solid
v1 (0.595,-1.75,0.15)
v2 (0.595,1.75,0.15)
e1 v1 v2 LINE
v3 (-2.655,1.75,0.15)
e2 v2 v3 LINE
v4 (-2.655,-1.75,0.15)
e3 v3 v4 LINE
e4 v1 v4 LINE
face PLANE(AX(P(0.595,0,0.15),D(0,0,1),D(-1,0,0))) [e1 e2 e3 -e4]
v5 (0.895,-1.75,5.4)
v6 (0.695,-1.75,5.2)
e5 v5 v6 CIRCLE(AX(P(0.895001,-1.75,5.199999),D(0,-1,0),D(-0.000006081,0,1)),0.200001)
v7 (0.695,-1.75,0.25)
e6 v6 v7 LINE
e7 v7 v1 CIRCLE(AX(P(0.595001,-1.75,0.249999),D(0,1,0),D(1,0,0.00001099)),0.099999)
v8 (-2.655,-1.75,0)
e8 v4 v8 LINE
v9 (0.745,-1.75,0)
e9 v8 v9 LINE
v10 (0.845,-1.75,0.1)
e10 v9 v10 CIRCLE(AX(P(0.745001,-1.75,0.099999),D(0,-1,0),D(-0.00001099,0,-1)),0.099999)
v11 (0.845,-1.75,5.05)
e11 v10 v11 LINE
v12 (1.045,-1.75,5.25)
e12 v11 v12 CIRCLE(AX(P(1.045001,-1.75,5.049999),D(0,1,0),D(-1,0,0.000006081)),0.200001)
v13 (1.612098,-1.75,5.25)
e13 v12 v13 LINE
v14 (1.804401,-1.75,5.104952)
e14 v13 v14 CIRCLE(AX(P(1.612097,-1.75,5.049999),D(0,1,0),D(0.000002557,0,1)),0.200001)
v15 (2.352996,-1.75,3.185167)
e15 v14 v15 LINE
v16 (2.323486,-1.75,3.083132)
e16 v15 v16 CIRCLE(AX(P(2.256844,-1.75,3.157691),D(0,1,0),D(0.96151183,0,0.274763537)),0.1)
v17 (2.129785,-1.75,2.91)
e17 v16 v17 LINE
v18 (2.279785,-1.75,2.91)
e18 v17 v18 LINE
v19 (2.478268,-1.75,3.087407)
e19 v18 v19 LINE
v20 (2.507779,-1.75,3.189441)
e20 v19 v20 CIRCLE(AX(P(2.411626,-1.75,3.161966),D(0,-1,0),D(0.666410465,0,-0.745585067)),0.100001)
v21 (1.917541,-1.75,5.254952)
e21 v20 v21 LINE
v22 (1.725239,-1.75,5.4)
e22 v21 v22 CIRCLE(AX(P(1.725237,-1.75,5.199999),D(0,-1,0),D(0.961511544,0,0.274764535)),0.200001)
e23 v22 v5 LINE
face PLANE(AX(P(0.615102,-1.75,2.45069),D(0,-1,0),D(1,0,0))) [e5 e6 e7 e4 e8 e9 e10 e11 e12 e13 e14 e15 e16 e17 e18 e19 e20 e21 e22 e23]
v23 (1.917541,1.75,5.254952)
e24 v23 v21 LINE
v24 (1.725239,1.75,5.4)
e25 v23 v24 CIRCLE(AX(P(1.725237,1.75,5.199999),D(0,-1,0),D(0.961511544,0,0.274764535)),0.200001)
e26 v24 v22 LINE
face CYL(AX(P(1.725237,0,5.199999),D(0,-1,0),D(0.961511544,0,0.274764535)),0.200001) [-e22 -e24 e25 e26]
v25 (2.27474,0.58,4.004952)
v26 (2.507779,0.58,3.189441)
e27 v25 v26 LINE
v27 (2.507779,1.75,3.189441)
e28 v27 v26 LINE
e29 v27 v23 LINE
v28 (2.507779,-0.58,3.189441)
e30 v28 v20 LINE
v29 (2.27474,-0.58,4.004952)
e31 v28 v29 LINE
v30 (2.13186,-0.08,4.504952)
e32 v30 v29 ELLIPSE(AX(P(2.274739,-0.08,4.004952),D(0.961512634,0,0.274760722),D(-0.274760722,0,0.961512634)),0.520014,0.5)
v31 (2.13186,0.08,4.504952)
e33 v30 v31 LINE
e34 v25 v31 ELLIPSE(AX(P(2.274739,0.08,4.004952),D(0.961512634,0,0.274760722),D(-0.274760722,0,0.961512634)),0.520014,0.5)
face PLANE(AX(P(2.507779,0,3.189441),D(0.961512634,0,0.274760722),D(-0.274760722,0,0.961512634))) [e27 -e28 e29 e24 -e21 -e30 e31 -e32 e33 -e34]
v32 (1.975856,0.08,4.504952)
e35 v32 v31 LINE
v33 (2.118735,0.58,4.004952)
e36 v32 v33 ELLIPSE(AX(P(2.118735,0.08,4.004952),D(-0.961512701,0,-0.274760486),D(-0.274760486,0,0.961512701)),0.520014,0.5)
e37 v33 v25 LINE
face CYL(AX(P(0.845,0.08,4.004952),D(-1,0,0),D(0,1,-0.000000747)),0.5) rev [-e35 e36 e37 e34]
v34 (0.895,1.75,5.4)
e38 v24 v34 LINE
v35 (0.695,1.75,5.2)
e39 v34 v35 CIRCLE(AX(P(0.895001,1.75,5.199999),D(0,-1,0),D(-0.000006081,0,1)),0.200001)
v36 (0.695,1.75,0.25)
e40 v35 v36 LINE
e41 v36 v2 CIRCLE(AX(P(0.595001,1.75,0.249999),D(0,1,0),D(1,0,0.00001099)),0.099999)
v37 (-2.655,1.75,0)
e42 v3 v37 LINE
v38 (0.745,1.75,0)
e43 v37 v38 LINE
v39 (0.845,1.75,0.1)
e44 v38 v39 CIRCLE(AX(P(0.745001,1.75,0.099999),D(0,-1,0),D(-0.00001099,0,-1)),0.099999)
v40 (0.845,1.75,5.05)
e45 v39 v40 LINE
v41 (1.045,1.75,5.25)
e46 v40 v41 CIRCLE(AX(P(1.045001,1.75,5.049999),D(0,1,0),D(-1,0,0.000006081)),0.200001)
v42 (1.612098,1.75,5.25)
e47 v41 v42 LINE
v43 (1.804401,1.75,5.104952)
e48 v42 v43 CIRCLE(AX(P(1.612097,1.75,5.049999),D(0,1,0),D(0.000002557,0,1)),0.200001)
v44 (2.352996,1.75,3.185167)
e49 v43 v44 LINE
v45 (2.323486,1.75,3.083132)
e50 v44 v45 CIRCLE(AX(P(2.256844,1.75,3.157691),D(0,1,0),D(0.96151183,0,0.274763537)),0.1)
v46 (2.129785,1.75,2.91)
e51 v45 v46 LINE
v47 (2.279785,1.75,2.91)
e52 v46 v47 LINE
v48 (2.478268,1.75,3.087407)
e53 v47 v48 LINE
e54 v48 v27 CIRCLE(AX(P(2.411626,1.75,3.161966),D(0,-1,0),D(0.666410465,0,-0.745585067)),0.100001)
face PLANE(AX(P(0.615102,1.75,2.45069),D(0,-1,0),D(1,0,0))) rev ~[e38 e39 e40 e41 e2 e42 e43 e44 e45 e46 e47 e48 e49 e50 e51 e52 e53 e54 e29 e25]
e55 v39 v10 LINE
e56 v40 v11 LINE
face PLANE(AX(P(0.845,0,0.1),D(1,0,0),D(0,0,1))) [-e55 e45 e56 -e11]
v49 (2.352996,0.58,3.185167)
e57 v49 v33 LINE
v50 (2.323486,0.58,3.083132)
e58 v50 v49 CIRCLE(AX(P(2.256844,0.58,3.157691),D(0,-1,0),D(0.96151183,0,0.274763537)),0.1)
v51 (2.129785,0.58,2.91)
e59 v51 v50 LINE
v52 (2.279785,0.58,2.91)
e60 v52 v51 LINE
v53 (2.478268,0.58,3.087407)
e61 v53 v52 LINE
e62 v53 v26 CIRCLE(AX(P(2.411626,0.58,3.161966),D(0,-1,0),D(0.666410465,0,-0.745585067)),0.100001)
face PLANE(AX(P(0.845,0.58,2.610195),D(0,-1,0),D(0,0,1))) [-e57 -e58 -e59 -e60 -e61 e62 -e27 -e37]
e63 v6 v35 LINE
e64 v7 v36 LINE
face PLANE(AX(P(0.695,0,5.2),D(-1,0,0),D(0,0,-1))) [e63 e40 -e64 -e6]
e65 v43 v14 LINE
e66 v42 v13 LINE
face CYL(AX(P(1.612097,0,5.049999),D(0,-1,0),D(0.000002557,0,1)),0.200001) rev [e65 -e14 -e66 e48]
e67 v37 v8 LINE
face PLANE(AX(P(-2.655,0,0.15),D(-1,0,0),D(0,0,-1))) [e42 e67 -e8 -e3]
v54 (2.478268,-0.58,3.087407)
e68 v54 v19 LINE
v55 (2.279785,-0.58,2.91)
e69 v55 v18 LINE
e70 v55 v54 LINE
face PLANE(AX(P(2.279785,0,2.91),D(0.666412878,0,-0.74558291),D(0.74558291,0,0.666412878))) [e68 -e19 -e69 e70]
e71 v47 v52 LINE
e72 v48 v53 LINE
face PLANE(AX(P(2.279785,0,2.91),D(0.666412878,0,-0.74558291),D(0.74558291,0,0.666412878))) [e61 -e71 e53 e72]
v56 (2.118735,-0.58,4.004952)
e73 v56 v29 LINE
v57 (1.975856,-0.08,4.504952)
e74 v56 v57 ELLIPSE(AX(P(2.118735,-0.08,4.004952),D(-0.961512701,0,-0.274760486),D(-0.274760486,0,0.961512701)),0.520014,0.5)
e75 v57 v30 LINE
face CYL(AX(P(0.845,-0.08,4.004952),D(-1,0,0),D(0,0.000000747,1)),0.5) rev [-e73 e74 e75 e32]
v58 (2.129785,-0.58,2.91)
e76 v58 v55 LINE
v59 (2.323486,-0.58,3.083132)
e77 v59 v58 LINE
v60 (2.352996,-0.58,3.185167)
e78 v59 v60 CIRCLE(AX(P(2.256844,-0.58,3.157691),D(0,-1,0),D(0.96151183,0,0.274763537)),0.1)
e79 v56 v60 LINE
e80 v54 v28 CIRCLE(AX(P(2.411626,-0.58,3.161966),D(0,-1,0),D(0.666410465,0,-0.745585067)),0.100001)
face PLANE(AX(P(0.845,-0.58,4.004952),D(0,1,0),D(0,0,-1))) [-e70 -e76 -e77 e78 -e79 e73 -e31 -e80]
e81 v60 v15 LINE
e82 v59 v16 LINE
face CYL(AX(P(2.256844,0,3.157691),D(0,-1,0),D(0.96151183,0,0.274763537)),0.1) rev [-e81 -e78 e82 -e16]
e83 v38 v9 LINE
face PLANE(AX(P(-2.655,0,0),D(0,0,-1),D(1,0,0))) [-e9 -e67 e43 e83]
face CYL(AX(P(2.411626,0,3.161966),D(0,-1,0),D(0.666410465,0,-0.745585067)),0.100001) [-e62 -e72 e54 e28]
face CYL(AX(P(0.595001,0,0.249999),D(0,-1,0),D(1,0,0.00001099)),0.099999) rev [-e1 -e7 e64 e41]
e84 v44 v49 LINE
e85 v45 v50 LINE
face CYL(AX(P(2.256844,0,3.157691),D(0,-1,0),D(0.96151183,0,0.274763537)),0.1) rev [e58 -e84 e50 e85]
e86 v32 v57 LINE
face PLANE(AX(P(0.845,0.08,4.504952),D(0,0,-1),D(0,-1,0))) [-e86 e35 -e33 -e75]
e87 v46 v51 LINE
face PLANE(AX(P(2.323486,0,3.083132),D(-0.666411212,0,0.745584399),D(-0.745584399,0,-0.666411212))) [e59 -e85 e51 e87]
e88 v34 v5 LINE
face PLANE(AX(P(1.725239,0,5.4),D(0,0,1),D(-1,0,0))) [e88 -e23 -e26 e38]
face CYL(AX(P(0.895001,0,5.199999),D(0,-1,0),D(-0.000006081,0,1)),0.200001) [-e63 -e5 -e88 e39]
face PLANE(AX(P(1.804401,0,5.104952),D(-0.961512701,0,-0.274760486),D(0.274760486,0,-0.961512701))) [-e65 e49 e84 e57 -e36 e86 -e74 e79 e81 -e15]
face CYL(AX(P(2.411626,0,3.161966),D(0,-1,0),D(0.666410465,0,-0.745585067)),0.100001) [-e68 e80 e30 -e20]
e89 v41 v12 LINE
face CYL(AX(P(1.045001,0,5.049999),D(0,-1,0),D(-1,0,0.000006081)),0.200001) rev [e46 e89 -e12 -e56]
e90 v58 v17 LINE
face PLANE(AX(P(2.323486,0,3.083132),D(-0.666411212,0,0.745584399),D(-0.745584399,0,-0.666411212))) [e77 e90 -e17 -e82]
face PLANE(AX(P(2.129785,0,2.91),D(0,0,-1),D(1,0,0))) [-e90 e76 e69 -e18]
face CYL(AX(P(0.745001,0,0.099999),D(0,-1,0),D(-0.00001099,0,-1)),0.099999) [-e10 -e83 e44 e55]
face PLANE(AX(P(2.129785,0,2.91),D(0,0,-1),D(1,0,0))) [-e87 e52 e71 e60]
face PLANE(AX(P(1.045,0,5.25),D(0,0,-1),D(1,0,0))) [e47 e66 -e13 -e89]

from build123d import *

# Parameters (mm, degrees)
F1_DEPTH      = 1.75
F1_DEPTH_BACK = 1.75
F3_DEPTH      = 25


with BuildPart() as f1:
    # F0 (on Front) → F1 (new body, two sides)
    with BuildSketch(Plane.XZ) as f1_sk:
        with BuildLine():
            Line((0.595, 0.15), (-2.655, 0.15))
            Line((-2.655, 0.15), (-2.655, 0))
            Line((-2.655, 0), (0.745, 0))
            ThreePointArc((0.745, 0), (0.815711, 0.029289), (0.845, 0.1))
            Line((0.845, 0.1), (0.845, 5.05))
            ThreePointArc((0.845, 5.05), (0.903579, 5.191421), (1.045, 5.25))
            Line((1.045, 5.25), (1.612098, 5.25))
            ThreePointArc((1.612098, 5.25), (1.732534, 5.209672), (1.804401, 5.104952))
            Line((1.804401, 5.104952), (2.352996, 3.185167))
            ThreePointArc((2.352996, 3.185167), (2.352908, 3.129908), (2.323486, 3.083132))
            Line((2.323486, 3.083132), (2.129785, 2.91))
            Line((2.129785, 2.91), (2.279785, 2.91))
            Line((2.279785, 2.91), (2.478268, 3.087407))
            ThreePointArc((2.478268, 3.087407), (2.50769, 3.134182), (2.507779, 3.189441))
            Line((2.507779, 3.189441), (1.917541, 5.254952))
            ThreePointArc((1.917541, 5.254952), (1.845674, 5.359672), (1.725239, 5.4))
            Line((1.725239, 5.4), (0.895, 5.4))
            ThreePointArc((0.895, 5.4), (0.753579, 5.341421), (0.695, 5.2))
            Line((0.695, 5.2), (0.695, 2.91))
            Line((0.695, 2.91), (0.695, 0.25))
            ThreePointArc((0.695, 0.25), (0.665711, 0.179289), (0.595, 0.15))
        make_face()
    extrude(amount=F1_DEPTH)
    extrude(f1_sk.sketch, amount=-F1_DEPTH_BACK)

    # F2 (on face) → F3 (cut)
    with BuildSketch(Plane.YZ.offset(0.845)):
        with BuildLine():
            Line((-0.58, 4.004952), (-0.58, 2.610195))
            Line((-0.58, 2.610195), (0.58, 2.610195))
            Line((0.58, 2.610195), (0.58, 4.004952))
            ThreePointArc((0.58, 4.004952), (0.433553, 4.358506), (0.08, 4.504952))
            Line((0.08, 4.504952), (-0.08, 4.504952))
            ThreePointArc((-0.08, 4.504952), (-0.433553, 4.358506), (-0.58, 4.004952))
        make_face()
    extrude(amount=F3_DEPTH, mode=Mode.SUBTRACT)


solid = f1.part
